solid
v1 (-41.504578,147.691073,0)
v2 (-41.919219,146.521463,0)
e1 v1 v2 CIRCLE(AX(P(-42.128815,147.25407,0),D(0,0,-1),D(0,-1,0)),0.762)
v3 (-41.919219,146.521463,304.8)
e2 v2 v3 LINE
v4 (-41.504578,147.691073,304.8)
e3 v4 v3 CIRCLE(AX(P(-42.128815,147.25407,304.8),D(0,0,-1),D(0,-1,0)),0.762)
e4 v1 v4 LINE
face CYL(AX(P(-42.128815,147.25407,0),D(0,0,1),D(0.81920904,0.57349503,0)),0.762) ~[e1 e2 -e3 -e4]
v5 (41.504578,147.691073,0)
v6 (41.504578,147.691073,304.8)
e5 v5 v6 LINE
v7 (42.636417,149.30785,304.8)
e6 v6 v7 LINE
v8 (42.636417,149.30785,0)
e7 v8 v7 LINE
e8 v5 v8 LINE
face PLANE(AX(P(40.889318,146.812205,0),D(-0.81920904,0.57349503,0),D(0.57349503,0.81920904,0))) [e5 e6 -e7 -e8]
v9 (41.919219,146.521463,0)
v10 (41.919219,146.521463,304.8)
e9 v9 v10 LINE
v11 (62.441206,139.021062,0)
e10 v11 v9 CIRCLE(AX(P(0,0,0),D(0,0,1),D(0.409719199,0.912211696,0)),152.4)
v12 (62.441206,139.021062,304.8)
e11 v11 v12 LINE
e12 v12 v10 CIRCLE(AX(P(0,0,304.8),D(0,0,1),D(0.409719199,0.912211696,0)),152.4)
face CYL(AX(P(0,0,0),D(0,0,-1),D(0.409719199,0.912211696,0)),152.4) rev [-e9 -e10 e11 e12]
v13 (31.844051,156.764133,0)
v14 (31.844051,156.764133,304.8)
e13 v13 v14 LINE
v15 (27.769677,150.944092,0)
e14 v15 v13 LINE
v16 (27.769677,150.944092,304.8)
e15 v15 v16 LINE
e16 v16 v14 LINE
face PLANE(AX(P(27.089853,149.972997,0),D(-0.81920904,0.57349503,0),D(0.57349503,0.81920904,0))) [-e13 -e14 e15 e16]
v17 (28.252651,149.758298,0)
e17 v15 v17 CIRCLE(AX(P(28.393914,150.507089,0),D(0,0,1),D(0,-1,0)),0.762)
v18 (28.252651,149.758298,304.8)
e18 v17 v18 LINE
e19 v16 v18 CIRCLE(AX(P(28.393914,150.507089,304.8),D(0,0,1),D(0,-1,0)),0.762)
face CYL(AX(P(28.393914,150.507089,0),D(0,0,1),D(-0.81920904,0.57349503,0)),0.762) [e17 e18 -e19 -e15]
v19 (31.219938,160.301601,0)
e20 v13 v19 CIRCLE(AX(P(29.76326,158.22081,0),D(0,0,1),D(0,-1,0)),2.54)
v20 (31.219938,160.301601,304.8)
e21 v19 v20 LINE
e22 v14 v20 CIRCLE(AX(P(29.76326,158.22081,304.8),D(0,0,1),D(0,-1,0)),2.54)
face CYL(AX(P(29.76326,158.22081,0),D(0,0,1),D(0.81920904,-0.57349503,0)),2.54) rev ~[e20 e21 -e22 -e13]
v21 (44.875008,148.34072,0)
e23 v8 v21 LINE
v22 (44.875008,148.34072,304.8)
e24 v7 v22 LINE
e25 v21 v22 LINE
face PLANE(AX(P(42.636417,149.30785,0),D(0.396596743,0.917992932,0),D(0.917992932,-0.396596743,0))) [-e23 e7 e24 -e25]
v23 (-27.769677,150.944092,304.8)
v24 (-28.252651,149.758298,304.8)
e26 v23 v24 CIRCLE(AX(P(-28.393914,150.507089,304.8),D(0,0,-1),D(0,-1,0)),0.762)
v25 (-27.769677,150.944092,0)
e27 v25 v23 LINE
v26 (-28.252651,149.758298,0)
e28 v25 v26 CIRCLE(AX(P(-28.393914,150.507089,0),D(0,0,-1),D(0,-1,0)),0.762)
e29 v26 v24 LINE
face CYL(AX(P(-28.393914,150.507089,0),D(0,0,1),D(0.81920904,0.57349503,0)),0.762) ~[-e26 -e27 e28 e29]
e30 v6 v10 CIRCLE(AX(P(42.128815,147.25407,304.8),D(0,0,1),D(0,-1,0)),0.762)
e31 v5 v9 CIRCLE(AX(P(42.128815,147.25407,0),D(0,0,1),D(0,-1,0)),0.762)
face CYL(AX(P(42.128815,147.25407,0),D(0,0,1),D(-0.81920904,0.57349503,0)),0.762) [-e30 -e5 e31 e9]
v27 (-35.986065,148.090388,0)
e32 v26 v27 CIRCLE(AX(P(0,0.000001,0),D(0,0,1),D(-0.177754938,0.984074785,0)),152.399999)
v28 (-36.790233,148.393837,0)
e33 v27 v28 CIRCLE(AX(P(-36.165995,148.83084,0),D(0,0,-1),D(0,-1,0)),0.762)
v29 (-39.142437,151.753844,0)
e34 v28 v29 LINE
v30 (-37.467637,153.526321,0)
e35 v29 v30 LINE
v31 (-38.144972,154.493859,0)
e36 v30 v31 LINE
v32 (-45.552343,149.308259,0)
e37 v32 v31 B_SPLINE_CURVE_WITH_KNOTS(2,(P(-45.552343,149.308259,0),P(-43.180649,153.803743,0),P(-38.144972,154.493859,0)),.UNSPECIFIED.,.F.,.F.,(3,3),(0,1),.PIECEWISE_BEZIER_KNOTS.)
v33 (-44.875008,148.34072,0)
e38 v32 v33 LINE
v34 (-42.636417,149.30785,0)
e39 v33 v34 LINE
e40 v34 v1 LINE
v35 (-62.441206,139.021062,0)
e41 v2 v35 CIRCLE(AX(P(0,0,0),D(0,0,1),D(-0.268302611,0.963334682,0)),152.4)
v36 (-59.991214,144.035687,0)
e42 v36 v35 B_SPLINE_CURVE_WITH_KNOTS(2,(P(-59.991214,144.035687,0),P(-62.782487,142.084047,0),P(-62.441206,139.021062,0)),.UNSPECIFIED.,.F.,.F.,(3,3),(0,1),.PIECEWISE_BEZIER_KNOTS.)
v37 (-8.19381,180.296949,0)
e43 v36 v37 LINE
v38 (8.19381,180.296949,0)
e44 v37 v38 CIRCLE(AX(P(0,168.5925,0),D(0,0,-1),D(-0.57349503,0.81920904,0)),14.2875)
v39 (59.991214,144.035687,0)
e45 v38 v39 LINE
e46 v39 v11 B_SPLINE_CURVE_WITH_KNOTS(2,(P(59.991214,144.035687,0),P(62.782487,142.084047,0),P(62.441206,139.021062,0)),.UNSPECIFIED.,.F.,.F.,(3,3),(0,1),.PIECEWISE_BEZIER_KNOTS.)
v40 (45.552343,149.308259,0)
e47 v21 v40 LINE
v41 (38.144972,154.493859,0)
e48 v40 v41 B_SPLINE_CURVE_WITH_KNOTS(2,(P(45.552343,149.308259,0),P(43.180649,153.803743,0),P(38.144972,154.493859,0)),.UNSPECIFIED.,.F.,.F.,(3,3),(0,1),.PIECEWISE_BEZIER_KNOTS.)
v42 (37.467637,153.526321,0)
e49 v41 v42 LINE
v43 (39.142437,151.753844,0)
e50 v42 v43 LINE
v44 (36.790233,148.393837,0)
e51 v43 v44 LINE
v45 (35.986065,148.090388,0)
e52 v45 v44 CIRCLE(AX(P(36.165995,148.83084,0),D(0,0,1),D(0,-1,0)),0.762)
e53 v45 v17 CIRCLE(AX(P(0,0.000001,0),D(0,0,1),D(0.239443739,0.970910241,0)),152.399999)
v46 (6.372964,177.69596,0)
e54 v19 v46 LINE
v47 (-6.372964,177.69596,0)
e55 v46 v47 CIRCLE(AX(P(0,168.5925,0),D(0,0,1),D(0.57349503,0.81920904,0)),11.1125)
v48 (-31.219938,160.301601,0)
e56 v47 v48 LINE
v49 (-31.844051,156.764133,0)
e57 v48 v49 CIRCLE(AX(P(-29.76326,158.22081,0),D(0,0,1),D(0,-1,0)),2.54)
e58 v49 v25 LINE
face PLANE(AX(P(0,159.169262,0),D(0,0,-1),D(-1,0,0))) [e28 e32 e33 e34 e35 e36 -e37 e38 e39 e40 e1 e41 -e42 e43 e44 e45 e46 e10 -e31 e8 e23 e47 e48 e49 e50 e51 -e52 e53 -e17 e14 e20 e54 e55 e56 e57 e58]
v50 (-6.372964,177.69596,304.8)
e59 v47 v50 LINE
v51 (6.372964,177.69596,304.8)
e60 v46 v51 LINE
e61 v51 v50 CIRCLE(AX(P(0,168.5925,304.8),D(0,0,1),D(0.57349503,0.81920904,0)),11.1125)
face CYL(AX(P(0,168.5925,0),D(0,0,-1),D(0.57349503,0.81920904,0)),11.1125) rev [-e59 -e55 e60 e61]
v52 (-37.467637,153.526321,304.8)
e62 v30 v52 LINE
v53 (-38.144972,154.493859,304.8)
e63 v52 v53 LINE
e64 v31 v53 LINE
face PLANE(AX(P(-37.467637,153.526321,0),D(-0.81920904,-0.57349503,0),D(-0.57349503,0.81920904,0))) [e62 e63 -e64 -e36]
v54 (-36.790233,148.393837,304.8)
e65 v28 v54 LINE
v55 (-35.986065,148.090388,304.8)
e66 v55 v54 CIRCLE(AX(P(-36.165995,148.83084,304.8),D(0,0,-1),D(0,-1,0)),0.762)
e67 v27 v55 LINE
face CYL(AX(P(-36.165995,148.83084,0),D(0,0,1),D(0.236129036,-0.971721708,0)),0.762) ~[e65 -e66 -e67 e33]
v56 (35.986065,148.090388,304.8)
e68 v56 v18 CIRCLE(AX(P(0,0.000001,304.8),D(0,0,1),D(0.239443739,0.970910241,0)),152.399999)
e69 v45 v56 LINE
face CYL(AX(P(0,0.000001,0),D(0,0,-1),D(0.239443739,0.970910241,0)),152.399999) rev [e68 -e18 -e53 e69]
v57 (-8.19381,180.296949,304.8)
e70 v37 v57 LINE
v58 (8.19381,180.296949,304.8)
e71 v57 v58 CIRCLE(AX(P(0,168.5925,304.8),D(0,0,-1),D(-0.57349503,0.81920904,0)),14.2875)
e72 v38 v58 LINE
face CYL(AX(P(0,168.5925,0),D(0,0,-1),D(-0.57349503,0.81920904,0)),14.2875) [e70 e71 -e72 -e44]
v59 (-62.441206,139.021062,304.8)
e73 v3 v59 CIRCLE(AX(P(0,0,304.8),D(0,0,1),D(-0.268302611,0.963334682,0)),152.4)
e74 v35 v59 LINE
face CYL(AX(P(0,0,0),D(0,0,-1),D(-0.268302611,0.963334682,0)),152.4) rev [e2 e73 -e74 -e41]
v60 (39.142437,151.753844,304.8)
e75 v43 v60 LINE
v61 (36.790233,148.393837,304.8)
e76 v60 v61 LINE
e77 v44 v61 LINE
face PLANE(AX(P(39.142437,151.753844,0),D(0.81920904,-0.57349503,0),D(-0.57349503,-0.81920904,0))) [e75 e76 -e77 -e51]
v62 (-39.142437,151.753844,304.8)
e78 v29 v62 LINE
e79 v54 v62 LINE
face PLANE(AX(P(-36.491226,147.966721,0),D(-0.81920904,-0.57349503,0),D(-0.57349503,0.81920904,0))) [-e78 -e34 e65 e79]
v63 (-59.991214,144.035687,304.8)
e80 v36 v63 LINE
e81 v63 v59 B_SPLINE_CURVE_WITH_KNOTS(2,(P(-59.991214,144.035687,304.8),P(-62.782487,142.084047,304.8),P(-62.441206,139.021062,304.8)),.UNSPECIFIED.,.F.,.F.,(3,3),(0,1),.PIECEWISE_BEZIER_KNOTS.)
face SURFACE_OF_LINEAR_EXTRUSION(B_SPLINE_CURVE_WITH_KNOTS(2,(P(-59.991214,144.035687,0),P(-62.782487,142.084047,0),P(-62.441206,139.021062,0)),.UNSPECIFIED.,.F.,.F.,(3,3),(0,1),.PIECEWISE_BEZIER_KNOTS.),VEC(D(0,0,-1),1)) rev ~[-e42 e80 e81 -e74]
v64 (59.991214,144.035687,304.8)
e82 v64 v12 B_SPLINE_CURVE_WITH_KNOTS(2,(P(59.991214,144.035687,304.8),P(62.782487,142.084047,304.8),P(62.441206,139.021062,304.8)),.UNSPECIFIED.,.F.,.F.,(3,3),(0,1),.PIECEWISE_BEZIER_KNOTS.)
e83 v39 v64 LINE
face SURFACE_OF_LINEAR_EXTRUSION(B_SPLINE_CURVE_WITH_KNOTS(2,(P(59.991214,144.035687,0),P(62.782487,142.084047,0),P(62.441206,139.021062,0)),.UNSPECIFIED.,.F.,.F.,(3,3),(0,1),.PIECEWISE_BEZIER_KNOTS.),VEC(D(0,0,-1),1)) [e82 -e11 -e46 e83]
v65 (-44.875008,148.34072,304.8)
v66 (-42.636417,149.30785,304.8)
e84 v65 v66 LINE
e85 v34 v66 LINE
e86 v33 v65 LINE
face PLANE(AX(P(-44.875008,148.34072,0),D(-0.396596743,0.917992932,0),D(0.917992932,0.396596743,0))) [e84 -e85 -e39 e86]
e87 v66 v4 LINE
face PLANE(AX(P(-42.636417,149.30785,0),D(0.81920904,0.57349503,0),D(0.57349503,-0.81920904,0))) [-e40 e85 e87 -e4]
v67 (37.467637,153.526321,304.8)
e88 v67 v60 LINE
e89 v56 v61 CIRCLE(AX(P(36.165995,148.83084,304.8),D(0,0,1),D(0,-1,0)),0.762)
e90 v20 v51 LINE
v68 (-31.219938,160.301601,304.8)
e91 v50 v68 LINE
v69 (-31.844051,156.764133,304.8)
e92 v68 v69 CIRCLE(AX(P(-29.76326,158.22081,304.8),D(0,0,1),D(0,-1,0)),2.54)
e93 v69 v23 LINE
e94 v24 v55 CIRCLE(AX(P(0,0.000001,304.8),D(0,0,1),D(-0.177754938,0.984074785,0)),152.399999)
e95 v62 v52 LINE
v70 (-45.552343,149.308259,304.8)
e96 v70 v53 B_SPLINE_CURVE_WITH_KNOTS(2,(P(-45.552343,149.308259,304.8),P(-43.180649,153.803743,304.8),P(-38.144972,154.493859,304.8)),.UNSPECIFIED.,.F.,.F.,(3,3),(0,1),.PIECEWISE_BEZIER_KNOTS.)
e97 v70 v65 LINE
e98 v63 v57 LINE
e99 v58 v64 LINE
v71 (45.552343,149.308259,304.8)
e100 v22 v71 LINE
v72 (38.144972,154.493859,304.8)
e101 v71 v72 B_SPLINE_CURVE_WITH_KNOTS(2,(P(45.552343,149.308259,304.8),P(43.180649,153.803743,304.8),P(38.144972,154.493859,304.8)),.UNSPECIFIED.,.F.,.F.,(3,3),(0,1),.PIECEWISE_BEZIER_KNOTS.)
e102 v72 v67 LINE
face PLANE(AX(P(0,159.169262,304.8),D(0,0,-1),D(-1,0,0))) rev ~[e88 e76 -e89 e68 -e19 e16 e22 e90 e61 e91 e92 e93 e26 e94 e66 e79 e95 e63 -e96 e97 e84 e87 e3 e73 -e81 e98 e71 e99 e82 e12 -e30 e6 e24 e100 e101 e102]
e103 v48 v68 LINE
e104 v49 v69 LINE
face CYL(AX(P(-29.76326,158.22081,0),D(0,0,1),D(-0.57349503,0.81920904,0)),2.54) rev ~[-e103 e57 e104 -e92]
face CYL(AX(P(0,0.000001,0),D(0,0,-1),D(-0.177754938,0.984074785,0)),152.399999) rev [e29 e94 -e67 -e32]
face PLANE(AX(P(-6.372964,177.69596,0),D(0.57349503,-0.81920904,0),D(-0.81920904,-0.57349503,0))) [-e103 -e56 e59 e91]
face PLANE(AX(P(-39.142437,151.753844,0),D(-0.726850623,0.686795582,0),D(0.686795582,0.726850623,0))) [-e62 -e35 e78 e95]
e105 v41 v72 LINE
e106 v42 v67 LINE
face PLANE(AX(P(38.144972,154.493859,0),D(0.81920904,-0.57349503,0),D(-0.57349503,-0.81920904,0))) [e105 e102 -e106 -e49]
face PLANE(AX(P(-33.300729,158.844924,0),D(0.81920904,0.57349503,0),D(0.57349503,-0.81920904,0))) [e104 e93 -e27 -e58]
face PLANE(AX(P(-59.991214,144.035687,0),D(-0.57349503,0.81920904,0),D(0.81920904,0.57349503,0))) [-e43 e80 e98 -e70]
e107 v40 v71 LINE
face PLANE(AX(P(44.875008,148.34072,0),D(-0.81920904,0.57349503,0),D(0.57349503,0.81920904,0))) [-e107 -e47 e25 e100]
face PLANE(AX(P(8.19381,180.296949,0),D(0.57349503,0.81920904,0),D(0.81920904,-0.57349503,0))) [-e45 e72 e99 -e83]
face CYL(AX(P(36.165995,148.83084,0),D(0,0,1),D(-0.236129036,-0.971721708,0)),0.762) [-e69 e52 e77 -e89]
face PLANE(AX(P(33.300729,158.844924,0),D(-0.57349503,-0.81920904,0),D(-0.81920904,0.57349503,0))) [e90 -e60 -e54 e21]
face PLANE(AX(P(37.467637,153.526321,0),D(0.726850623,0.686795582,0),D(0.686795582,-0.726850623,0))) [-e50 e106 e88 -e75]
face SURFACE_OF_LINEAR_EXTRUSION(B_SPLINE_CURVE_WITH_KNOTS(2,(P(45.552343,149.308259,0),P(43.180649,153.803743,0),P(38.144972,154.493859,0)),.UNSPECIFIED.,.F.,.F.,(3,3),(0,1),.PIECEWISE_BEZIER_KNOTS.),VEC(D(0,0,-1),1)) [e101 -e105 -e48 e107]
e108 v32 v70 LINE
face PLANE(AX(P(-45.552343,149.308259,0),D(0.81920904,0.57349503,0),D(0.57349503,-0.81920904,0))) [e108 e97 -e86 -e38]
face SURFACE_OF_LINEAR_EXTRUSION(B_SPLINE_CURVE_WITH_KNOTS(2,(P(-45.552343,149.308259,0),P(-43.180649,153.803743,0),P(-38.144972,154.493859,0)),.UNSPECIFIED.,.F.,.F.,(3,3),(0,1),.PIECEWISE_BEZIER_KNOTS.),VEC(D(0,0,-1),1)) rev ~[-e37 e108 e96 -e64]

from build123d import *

# Parameters (mm, degrees)
BOSS_EXTRUDE1_DEPTH = 304.8
FILLET2_R           = 2.54
FILLET7_R           = 0.762


with BuildPart() as part:
    # Sketch1 → Boss-Extrude1 (new body)
    with BuildSketch(Plane.XY):
        with BuildLine():
            Line((-59.991213716, 144.035687339), (-8.193810242, 180.296949153))
            ThreePointArc((-8.193810242, 180.296949153), (0, 182.88), (8.193810242, 180.296949153))
            Line((8.193810242, 180.296949153), (59.991213716, 144.035687339))
            add(Edge.make_bspline(
                [(59.991213716, 144.035687339), (62.78248672, 142.0840471), (62.441206007, 139.021062406)],
                knots=[0, 0, 0, 1, 1, 1], degree=2))
            ThreePointArc((62.441206007, 139.021062406), (51.81191727, 143.32231239), (40.889317917, 146.812205488))
            Line((40.889317917, 146.812205488), (42.636417316, 149.30784982))
            Line((42.636417316, 149.30784982), (44.875008407, 148.34072044))
            Line((44.875008407, 148.34072044), (45.552343011, 149.308259131))
            add(Edge.make_bspline(
                [(45.552343011, 149.308259131), (43.180649259, 153.803743217), (38.144971739, 154.493859392)],
                knots=[0, 0, 0, 1, 1, 1], degree=2))
            Line((38.144971739, 154.493859392), (37.467637136, 153.526320702))
            Line((37.467637136, 153.526320702), (39.142437036, 151.753843735))
            Line((39.142437036, 151.753843735), (36.49122578, 147.966720721))
            ThreePointArc((36.49122578, 147.966720721), (31.806362047, 149.044004688), (27.089852549, 149.972997199))
            Line((27.089852549, 149.972997199), (33.300728714, 158.844923948))
            Line((33.300728714, 158.844923948), (6.372963522, 177.695960452))
            ThreePointArc((6.372963522, 177.695960452), (0, 179.705), (-6.372963522, 177.695960452))
            Line((-6.372963522, 177.695960452), (-33.300728714, 158.844923948))
            Line((-33.300728714, 158.844923948), (-27.089852549, 149.972997199))
            ThreePointArc((-27.089852549, 149.972997199), (-31.806362047, 149.044004688), (-36.49122578, 147.966720721))
            Line((-36.49122578, 147.966720721), (-39.142437036, 151.753843735))
            Line((-39.142437036, 151.753843735), (-37.467637136, 153.526320702))
            Line((-37.467637136, 153.526320702), (-38.144971739, 154.493859392))
            add(Edge.make_bspline(
                [(-45.552343011, 149.308259131), (-43.180649259, 153.803743217), (-38.144971739, 154.493859392)],
                knots=[0, 0, 0, 1, 1, 1], degree=2))
            Line((-45.552343011, 149.308259131), (-44.875008407, 148.34072044))
            Line((-44.875008407, 148.34072044), (-42.636417316, 149.30784982))
            Line((-42.636417316, 149.30784982), (-40.889317917, 146.812205488))
            ThreePointArc((-40.889317917, 146.812205488), (-51.81191727, 143.32231239), (-62.441206007, 139.021062406))
            add(Edge.make_bspline(
                [(-59.991213716, 144.035687339), (-62.78248672, 142.0840471), (-62.441206007, 139.021062406)],
                knots=[0, 0, 0, 1, 1, 1], degree=2))
        make_face()
    extrude(amount=BOSS_EXTRUDE1_DEPTH)

    # Fillet2
    fillet2_edges = [part.edges().sort_by_distance(p)[0] for p in [
        (33.300728714, 158.844923948, 152.4),
        (-33.300728714, 158.844923948, 152.4),
    ]]
    fillet(fillet2_edges, radius=FILLET2_R)

    # Fillet7
    fillet7_edges = [part.edges().sort_by_distance(p)[0] for p in [
        (40.889317917, 146.812205488, 152.4),
        (36.49122578, 147.966720721, 152.4),
        (27.089852549, 149.972997199, 152.4),
        (-27.089852549, 149.972997199, 152.4),
        (-36.49122578, 147.966720721, 152.4),
        (-40.889317917, 146.812205488, 152.4),
    ]]
    fillet(fillet7_edges, radius=FILLET7_R)


solid = part.part
